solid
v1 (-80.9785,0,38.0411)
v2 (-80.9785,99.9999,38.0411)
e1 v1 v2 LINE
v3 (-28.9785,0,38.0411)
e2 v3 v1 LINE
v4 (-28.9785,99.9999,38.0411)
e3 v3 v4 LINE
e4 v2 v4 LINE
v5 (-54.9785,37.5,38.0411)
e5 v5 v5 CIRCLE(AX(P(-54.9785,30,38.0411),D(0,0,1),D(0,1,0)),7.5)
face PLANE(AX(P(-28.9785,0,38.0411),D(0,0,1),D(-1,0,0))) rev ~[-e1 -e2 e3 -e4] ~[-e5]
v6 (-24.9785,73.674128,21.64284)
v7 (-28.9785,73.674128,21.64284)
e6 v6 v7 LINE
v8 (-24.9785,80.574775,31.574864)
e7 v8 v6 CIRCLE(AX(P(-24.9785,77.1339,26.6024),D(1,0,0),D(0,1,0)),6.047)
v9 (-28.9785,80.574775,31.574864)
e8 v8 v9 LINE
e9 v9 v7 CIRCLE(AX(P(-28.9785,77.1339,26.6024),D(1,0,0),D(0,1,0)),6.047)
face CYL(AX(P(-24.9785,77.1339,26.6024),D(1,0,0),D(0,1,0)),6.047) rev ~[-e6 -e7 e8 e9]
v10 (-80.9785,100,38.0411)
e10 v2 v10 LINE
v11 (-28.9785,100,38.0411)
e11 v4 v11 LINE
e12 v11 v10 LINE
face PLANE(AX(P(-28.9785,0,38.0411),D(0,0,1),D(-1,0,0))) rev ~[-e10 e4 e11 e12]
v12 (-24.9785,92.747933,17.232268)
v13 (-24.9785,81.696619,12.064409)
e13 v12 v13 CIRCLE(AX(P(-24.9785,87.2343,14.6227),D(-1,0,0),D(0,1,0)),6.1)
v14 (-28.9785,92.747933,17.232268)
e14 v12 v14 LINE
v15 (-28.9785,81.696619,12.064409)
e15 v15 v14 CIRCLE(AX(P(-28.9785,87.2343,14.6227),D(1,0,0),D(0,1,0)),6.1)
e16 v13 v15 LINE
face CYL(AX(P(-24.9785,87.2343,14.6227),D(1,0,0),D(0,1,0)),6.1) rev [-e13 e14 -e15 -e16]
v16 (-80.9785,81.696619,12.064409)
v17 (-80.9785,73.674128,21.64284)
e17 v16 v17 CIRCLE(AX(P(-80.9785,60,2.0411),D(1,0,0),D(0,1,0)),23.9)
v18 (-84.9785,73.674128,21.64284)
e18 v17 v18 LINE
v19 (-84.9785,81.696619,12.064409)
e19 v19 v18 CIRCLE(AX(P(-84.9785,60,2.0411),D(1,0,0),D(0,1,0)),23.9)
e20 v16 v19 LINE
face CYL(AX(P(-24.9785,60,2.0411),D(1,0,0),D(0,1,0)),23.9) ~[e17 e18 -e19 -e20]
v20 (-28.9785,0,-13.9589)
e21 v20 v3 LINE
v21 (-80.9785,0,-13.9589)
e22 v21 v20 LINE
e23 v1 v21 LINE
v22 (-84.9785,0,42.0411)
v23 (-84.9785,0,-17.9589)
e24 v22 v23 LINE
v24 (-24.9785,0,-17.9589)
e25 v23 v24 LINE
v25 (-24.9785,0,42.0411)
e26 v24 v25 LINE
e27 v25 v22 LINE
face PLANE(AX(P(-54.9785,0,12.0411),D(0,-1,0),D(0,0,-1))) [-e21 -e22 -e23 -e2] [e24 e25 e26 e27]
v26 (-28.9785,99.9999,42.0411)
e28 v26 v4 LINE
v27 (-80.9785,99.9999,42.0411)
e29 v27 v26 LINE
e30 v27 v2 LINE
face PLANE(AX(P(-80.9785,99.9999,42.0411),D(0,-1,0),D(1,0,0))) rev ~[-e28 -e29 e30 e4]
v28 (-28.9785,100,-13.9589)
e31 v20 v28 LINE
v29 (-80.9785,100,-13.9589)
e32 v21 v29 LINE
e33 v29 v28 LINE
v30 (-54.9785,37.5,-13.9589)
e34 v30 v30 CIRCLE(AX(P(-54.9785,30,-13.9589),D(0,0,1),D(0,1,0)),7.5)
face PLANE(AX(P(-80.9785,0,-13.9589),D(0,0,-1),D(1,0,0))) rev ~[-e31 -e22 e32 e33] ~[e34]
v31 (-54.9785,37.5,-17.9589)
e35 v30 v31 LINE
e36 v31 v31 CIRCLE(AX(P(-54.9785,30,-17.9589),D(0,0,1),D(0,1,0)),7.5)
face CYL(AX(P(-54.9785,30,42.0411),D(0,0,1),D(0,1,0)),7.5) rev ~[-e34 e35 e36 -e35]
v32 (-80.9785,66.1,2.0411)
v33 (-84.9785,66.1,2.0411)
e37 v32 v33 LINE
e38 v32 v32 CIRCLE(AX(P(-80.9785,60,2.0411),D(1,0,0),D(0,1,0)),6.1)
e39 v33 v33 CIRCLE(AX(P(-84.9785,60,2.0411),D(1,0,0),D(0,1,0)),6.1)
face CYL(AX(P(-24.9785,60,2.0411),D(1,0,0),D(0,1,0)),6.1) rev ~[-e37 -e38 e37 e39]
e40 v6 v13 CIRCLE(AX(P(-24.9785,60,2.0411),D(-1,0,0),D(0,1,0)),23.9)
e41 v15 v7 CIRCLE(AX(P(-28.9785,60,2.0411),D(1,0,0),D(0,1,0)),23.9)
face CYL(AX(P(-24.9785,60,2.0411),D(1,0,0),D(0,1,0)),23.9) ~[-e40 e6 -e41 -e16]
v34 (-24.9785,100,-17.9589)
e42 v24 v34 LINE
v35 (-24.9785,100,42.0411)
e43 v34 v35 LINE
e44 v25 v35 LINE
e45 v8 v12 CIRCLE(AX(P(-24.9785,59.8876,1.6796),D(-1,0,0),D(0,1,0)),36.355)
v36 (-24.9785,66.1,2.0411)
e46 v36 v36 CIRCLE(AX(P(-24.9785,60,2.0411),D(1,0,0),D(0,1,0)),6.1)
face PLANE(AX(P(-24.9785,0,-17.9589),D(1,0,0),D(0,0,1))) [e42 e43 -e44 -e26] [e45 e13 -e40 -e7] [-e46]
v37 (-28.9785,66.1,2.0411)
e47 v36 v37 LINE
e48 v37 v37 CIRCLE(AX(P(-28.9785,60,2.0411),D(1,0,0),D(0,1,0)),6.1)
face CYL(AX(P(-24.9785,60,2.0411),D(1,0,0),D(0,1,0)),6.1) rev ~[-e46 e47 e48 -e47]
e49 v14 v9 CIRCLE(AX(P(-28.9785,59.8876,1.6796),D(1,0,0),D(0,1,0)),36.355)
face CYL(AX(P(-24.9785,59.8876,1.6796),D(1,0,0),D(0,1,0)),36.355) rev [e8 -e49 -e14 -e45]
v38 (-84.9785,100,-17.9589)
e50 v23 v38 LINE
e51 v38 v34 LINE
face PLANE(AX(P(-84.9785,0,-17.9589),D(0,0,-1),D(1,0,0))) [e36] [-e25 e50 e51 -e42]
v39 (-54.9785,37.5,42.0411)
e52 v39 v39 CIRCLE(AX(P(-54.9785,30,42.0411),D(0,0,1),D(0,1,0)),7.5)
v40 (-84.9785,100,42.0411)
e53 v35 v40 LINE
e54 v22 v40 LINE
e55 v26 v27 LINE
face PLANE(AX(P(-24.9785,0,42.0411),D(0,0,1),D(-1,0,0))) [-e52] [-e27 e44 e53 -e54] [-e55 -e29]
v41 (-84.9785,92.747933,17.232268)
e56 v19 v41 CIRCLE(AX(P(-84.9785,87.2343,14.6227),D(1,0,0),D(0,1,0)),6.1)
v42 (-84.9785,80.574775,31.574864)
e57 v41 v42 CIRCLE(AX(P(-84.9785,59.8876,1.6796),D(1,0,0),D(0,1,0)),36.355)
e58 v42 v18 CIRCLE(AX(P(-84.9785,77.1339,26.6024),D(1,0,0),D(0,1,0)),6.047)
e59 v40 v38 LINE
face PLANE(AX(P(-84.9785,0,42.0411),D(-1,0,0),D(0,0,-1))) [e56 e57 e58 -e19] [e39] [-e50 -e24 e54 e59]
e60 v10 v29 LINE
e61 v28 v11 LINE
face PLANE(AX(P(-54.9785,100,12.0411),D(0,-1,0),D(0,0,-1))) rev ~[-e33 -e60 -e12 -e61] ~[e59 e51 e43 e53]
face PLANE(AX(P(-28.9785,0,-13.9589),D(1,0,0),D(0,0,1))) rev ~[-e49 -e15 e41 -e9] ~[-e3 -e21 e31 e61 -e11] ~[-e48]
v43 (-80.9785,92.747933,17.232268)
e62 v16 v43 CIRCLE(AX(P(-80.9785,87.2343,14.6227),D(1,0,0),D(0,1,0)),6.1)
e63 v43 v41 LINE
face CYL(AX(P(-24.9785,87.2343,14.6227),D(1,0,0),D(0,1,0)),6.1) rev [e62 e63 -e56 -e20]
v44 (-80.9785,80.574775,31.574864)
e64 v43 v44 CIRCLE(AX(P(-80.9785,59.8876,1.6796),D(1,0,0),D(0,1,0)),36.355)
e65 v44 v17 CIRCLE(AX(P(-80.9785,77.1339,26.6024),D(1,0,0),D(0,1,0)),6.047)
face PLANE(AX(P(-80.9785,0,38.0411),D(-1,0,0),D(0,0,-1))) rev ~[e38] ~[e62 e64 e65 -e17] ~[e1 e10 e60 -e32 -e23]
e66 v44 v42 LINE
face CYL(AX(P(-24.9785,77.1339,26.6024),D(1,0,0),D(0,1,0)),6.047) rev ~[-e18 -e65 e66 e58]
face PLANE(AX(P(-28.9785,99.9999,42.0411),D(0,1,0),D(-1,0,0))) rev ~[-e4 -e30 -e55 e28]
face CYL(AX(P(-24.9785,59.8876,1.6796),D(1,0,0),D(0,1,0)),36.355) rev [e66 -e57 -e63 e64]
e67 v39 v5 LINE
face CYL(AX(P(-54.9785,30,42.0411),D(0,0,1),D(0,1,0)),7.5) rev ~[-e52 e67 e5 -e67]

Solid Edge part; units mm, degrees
sketch "Sketch1" plane through (0, 0, 0) normal (0, -1, 0) x (1, 0, 0)
  line L0 (-80.9785, -13.9589) -> (-28.9785, -13.9589)
  line L1 (-28.9785, -13.9589) -> (-28.9785, 38.0411)
  line L2 (-28.9785, 38.0411) -> (-80.9785, 38.0411)
  line L3 (-80.9785, 38.0411) -> (-80.9785, -13.9589)
  line L4 (-84.9785, -17.9589) -> (-24.9785, -17.9589)
  line L5 (-24.9785, -17.9589) -> (-24.9785, 42.0411)
  line L6 (-24.9785, 42.0411) -> (-84.9785, 42.0411)
  line L7 (-84.9785, 42.0411) -> (-84.9785, -17.9589)
  dimension "D1" = 60
  dimension "D2" = 4
  dimension "D3" = 4
  dimension "D4" = 60
extrude "Protrusion1" add sketch "Sketch1" against normal blind 100
sketch "Sketch2" plane through (-49.9785, 50, 42.0411) normal (0, 0, 1) x (1, 0, 0)
  line L0 (21, 49.9999) -> (-31, 49.9999)
  line L1 (-31, 49.9999) -> (-31, 50) construction
  line L2 (-31, 50) -> (21, 50)
  line L3 (21, 50) -> (21, 49.9999) construction
  dimension "D1" = 0.0001
  dimension "D2" = 52
extrude "Cutout1" cut sketch "Sketch2" against normal blind 5
sketch "Sketch3" plane through (-24.9785, 50, 17.0411) normal (1, 0, 0) x (0, 1, 0)
  arc A0 (23.6741, 4.6017) -> (31.6966, -4.9767) centre (10, -15) cw
  arc A1 (42.748, 0.1912) -> (31.6966, -4.9767) centre (37.2343, -2.4184) cw
  arc A2 (30.5748, 14.5338) -> (42.748, 0.1912) centre (9.8876, -15.3615) cw
  arc A3 (30.5748, 14.5338) -> (23.6741, 4.6017) centre (27.1339, 9.5613) ccw
  circle A4 centre (10, -15) radius 6.1
  dimension "D1" = 12.2
  dimension "D2" = 20
  dimension "D3" = 40
  dimension "D4" = 12.2
  dimension "D5" = 23.9
extrude "Cutout2" cut sketch "Sketch3" against normal through all
sketch "Sketch4" plane through (-49.9785, 75, 42.0411) normal (0, 0, 1) x (0, 1, 0)
  circle A0 centre (-45, 5) radius 7.5
  dimension "D1" = 30
extrude "Cutout3" cut sketch "Sketch4" against normal through all
